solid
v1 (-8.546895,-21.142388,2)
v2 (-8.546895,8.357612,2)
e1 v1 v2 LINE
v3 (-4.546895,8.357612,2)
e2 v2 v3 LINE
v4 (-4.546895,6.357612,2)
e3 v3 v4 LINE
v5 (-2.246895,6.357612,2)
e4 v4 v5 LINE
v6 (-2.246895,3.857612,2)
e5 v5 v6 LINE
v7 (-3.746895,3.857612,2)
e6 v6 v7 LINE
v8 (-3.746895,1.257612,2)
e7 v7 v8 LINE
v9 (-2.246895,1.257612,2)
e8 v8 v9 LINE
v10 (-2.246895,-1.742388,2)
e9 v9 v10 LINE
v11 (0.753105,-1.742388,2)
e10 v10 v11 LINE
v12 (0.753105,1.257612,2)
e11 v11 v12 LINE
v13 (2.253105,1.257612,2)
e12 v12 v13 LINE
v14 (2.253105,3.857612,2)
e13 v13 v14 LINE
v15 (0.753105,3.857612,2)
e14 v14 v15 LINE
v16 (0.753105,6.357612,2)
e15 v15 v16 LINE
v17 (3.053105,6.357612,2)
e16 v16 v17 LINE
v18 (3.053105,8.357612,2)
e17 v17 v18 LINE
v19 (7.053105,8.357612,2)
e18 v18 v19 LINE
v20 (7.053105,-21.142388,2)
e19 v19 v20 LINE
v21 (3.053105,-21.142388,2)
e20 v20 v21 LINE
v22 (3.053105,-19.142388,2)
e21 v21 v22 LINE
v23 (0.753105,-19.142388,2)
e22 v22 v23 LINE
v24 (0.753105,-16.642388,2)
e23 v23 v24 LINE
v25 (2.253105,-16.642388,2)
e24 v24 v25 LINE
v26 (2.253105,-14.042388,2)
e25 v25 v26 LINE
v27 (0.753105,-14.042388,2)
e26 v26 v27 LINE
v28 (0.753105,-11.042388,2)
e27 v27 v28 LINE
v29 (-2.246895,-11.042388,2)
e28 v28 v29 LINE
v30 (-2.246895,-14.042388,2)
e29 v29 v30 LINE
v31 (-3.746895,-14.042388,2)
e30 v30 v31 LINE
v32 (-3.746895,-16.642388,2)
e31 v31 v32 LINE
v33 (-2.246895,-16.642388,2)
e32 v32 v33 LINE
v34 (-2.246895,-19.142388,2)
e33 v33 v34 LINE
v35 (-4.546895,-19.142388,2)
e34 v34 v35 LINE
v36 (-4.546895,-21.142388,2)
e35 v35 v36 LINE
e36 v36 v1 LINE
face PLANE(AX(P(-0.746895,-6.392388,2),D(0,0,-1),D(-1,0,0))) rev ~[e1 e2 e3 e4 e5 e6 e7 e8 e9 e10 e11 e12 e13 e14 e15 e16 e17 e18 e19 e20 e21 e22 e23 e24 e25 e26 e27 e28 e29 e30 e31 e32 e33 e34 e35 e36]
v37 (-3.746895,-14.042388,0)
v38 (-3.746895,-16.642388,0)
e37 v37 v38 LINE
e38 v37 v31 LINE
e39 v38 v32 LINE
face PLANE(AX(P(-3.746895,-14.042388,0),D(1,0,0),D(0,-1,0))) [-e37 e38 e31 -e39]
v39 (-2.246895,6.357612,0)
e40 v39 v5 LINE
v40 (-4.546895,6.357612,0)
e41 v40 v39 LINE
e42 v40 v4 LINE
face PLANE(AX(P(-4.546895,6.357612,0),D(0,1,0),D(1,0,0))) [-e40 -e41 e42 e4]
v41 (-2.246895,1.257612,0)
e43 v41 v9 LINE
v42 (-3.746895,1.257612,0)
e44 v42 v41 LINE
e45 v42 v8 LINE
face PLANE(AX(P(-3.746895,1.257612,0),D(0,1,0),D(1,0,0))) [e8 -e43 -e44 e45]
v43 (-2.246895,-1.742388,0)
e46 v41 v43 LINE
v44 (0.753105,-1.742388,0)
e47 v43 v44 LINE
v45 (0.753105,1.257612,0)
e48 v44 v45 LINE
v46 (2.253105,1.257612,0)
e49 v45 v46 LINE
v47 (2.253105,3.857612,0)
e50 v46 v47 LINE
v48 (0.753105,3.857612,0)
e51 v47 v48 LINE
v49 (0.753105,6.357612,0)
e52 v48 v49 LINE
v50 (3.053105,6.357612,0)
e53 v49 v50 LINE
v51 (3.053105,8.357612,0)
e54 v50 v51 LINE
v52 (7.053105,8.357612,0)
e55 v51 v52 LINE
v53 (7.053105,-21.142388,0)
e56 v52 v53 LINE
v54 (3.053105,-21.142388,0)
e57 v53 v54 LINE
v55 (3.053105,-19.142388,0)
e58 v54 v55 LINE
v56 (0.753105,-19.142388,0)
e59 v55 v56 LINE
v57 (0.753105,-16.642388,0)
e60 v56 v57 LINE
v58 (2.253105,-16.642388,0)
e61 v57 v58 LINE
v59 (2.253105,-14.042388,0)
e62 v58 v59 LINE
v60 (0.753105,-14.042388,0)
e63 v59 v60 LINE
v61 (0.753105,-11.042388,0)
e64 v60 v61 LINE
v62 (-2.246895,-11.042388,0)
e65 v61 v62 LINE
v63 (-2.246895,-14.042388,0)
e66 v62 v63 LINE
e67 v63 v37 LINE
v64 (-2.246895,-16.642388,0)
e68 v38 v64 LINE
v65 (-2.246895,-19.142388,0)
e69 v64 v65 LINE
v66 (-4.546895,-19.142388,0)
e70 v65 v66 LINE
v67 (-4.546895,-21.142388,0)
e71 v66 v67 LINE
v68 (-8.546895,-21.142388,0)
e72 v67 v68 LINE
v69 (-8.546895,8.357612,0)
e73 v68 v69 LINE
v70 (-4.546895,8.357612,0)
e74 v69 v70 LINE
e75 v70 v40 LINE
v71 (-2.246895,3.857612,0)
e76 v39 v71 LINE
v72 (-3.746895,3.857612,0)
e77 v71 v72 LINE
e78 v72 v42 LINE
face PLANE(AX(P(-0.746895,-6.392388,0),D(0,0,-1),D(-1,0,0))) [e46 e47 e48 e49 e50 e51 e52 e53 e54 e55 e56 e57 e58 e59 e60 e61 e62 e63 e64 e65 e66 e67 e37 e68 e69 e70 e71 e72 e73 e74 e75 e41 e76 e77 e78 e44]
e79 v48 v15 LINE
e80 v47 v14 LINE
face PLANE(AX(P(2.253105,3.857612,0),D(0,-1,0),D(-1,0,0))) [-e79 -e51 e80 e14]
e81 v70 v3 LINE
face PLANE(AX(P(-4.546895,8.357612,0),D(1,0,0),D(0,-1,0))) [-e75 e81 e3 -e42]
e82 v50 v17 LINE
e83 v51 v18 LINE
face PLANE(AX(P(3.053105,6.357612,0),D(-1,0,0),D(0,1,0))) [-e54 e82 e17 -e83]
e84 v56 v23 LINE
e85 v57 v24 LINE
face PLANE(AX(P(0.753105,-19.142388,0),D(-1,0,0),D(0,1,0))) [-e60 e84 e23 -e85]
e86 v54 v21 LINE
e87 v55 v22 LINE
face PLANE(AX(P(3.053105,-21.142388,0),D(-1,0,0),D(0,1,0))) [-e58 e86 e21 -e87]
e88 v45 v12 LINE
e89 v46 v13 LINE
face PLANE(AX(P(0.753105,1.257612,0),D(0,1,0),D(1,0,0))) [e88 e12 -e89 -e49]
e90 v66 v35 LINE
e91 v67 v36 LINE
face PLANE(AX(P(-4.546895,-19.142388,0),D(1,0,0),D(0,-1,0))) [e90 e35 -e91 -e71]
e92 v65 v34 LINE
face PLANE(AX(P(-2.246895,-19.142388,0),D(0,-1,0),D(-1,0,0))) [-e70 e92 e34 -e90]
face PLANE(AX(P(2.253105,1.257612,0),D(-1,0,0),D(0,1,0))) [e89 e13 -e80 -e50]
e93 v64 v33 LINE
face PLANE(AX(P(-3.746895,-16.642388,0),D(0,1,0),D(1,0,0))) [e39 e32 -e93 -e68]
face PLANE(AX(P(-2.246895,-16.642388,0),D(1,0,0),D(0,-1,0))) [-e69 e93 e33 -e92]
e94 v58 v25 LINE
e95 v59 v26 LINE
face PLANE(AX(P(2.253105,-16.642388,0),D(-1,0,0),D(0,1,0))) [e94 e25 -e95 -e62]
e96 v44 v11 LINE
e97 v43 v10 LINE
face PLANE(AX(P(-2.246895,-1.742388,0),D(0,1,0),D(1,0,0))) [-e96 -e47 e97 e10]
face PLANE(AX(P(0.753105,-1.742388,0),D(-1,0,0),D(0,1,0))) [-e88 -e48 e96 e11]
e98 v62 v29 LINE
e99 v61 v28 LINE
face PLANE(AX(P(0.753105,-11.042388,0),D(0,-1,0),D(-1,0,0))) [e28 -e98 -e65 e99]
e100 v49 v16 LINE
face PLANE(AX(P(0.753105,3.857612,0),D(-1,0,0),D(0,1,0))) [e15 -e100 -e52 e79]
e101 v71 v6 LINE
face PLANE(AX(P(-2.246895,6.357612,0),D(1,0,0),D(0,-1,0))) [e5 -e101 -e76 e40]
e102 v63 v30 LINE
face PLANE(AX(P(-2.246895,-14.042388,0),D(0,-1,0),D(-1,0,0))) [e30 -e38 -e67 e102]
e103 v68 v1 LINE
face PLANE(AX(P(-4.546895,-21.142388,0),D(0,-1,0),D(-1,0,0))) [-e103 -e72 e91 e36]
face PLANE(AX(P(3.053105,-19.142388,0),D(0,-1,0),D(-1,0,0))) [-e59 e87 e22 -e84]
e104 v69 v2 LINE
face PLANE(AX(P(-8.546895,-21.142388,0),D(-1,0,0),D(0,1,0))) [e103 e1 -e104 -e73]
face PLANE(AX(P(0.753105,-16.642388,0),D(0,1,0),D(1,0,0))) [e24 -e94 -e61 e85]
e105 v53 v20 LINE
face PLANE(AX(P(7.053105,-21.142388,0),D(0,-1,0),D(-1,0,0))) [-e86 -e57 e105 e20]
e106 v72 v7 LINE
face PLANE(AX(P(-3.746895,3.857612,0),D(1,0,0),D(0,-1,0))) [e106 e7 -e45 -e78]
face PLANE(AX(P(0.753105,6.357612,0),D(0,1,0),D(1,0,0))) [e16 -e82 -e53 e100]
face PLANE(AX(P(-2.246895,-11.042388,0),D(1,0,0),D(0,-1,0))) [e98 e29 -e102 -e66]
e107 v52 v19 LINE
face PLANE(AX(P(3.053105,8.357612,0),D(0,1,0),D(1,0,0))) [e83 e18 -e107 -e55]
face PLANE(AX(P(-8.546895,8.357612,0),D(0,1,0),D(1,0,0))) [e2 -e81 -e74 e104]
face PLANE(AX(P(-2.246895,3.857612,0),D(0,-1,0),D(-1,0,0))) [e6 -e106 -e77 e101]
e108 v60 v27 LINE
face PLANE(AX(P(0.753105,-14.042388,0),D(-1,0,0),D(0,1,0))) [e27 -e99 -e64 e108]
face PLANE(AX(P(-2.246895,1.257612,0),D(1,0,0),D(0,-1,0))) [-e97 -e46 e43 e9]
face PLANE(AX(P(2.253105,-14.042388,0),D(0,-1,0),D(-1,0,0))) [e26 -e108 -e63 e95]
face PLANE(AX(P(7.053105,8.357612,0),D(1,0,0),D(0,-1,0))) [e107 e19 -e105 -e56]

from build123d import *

# Parameters (mm, degrees)
EXTRUDE_1_DEPTH = 2


with BuildPart() as part:
    # 草图2 → 凸台-拉伸1 (new body)
    with BuildSketch(Plane.XY):
        Polygon((0.753104923, 6.357612039), (3.053104923, 6.357612039), (3.053104923, 8.357612039), (7.053104923, 8.357612039), (7.053104923, -21.142387961), (3.053104923, -21.142387961), (3.053104923, -19.142387961), (0.753104923, -19.142387961), (0.753104923, -16.642387961), (2.253104923, -16.642387961), (2.253104923, -14.042387961), (0.753104923, -14.042387961), (0.753104923, -11.042387961), (-2.246895077, -11.042387961), (-2.246895077, -14.042387961), (-3.746895077, -14.042387961), (-3.746895077, -16.642387961), (-2.246895077, -16.642387961), (-2.246895077, -19.142387961), (-4.546895077, -19.142387961), (-4.546895077, -21.142387961), (-8.546895077, -21.142387961), (-8.546895077, 8.357612039), (-4.546895077, 8.357612039), (-4.546895077, 6.357612039), (-2.246895077, 6.357612039), (-2.246895077, 3.857612039), (-3.746895077, 3.857612039), (-3.746895077, 1.257612039), (-2.246895077, 1.257612039), (-2.246895077, -1.742387961), (0.753104923, -1.742387961), (0.753104923, 1.257612039), (2.253104923, 1.257612039), (2.253104923, 3.857612039), (0.753104923, 3.857612039), align=None)
    extrude(amount=EXTRUDE_1_DEPTH)


solid = part.part
